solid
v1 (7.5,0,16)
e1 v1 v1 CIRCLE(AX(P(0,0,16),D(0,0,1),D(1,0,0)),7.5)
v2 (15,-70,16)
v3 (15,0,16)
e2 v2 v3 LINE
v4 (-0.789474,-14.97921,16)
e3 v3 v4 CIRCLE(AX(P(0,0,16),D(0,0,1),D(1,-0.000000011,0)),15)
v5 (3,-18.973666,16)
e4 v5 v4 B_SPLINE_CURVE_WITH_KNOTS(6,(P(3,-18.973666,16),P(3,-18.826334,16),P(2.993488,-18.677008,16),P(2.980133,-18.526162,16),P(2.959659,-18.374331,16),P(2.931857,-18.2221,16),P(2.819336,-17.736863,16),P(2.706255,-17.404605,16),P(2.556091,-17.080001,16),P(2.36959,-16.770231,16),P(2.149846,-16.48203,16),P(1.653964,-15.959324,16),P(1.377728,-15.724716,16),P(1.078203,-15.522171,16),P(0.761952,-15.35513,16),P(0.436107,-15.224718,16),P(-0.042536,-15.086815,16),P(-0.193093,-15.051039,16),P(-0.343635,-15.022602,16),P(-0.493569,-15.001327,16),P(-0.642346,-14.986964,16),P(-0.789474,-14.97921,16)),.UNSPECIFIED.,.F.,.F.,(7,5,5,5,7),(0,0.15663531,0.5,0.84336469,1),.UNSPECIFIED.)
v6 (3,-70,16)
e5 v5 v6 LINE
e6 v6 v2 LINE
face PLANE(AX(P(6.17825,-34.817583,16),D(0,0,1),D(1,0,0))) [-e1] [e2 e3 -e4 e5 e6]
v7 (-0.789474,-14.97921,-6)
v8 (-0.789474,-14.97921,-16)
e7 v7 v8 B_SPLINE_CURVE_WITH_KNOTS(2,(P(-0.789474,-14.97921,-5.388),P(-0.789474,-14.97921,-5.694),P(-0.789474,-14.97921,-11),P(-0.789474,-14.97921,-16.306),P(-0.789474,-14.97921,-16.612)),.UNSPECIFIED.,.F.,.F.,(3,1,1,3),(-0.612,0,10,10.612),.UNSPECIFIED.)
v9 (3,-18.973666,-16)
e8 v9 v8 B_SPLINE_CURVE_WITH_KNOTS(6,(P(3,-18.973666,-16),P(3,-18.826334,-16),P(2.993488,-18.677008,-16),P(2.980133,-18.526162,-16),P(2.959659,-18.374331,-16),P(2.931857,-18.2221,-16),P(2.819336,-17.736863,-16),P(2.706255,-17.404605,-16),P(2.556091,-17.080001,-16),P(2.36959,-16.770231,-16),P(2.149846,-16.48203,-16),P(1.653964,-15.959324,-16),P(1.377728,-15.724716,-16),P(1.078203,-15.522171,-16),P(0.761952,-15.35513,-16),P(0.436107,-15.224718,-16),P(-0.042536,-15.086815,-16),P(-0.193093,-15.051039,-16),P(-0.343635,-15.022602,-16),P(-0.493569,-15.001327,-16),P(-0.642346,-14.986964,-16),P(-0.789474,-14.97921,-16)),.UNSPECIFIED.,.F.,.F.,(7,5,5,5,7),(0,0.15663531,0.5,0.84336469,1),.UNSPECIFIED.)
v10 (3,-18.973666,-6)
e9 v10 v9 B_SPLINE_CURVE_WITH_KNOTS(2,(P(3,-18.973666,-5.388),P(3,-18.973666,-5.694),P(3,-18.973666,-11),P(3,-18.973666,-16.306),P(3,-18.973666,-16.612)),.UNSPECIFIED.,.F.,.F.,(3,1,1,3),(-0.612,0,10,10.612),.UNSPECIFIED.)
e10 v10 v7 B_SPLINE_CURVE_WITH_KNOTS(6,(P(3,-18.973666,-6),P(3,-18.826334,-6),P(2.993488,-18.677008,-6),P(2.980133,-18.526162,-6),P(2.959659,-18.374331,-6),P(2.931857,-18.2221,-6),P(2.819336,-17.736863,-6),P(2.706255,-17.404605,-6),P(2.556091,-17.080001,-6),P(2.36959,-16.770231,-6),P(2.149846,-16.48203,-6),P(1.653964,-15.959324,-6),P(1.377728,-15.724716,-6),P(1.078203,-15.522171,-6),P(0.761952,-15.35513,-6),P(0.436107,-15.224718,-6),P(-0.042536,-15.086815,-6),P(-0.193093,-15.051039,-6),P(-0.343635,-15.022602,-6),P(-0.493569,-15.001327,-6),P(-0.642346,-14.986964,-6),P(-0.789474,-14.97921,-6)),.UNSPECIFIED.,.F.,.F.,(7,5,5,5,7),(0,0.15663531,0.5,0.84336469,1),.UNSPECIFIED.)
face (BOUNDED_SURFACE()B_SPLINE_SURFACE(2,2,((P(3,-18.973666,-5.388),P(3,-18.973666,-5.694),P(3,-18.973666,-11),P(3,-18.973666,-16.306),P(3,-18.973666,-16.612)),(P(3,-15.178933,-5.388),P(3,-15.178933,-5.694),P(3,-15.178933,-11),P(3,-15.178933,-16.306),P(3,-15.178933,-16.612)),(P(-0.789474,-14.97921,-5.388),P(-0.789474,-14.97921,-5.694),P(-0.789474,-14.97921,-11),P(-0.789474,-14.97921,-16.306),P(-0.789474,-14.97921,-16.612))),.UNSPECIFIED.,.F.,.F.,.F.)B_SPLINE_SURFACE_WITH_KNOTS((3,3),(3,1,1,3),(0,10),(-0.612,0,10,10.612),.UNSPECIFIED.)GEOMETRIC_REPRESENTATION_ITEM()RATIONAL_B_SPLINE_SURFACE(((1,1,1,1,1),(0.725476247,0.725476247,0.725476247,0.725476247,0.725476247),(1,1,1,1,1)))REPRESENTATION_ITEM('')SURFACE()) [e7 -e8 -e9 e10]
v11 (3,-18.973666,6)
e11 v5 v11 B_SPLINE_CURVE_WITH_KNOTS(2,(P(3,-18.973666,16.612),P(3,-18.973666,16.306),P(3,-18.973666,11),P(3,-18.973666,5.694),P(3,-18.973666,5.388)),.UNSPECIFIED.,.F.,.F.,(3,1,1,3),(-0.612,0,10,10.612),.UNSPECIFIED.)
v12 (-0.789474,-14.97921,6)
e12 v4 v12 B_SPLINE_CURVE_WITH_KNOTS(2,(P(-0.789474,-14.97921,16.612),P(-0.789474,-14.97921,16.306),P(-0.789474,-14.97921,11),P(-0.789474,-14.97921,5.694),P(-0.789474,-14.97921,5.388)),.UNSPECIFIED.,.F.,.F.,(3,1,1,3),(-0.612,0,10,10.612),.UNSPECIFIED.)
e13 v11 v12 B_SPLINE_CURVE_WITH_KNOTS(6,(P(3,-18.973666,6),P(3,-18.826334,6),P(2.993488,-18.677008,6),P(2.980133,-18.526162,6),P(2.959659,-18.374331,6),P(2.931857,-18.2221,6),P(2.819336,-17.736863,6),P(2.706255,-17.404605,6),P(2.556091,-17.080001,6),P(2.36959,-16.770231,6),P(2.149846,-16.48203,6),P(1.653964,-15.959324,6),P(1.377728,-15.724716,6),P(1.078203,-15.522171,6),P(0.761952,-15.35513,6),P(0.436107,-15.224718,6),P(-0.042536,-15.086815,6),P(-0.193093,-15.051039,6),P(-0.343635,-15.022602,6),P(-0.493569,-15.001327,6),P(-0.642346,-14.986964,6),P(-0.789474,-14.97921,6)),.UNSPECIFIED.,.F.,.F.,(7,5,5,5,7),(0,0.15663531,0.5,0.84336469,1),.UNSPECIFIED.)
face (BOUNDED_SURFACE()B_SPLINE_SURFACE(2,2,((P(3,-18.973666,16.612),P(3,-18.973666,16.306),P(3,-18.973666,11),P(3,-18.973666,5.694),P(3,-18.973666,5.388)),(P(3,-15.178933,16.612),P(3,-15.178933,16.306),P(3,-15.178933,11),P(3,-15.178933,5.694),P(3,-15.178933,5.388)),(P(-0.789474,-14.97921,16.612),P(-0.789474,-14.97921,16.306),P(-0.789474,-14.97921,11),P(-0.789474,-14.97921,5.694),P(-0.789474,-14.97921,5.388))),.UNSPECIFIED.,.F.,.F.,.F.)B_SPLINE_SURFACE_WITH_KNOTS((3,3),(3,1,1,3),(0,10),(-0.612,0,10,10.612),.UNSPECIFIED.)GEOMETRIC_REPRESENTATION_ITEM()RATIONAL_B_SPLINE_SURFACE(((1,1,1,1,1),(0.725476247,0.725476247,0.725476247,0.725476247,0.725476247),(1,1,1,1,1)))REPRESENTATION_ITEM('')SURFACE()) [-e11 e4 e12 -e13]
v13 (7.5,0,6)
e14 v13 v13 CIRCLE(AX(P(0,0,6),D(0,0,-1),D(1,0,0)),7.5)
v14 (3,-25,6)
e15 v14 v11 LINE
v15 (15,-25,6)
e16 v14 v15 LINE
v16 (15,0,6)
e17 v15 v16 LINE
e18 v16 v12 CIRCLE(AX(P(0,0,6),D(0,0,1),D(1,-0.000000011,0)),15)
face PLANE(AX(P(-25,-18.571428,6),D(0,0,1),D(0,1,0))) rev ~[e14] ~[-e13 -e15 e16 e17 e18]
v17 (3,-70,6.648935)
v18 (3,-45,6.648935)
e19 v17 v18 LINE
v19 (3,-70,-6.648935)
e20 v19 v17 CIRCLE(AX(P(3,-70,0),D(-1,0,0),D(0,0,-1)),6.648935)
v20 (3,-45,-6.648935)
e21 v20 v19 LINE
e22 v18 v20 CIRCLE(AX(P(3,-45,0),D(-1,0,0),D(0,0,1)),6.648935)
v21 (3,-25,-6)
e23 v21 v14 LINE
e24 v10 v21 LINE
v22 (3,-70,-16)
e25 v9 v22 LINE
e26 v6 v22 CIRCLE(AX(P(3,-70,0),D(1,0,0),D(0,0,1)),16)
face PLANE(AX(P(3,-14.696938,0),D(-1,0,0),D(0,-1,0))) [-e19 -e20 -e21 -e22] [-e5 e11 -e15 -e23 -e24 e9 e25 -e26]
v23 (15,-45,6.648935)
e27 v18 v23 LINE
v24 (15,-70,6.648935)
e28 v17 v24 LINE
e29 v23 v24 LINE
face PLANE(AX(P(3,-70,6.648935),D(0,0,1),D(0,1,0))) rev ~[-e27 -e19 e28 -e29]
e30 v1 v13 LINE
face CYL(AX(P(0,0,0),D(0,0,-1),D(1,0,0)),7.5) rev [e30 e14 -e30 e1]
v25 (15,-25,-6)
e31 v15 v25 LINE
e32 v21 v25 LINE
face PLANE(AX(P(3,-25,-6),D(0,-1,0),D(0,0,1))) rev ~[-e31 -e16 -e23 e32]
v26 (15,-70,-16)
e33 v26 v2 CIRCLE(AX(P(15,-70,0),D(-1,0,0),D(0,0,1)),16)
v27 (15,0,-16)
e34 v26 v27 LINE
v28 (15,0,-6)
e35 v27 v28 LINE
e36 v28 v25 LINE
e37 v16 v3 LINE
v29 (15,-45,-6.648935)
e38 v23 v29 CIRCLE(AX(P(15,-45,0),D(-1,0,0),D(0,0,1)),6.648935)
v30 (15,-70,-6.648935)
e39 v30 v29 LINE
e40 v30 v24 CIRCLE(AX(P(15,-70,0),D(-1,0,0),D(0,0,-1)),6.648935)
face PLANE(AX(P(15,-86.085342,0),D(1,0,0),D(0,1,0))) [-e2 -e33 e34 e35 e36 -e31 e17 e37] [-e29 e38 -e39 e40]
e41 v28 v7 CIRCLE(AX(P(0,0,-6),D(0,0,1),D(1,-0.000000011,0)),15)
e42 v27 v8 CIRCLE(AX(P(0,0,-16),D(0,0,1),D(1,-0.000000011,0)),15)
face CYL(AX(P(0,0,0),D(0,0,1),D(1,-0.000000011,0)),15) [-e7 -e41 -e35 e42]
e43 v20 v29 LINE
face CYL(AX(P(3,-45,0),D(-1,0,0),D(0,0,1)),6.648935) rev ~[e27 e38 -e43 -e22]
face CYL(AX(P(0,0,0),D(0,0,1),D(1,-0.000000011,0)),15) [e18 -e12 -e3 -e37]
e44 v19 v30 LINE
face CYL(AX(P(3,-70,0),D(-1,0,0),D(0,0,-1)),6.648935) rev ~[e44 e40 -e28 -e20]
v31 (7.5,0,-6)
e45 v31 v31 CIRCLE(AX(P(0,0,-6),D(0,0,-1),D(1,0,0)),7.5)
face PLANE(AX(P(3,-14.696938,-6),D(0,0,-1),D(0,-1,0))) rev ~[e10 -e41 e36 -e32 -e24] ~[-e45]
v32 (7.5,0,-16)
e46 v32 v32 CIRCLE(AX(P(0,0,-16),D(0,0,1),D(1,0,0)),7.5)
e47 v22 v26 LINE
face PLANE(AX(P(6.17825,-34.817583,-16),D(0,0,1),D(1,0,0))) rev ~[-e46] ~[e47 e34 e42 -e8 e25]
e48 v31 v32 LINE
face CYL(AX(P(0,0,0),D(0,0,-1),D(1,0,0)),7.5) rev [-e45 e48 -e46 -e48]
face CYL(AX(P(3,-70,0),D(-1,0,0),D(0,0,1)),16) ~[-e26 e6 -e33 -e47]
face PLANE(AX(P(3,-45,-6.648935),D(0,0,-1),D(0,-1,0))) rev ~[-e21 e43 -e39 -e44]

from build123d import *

# Parameters (mm, degrees)
F0_R     = 7.5
F1_DEPTH = 16
F3_W     = 10.303062
F3_H     = 12
F4_DEPTH = 12.001
F5_W     = 37.142856
F5_H     = 12
F6_DEPTH = 40.001
F7_R     = 4


with BuildPart() as f1:
    # F0 (on Top) → F1 (new body, symmetric)
    with BuildSketch(Plane.XY):
        with BuildLine():
            Line((15, -86.085342), (15, 0))
            ThreePointArc((15, 0), (-10.606602, 10.606602), (0, -15))
            ThreePointArc((0, -15), (1.507634, -14.924042), (3, -14.696938))
            Line((3, -14.696938), (3, -86.085342))
            Line((3, -86.085342), (15, -86.085342))
        make_face()
        Circle(F0_R, mode=Mode.SUBTRACT)
    extrude(amount=F1_DEPTH, both=True)

    # F3 (on face) → F4 (cut, through all)
    with BuildSketch(Plane(origin=(3, 0, 0), x_dir=(0, -1, 0), z_dir=(-1, 0, 0))):
        with BuildLine():
            ThreePointArc((70, 16), (86, 0), (70, -16))
            Line((70, -16), (86.085342, -16))
            Line((86.085342, -16), (86.085342, 16))
            Line((86.085342, 16), (70, 16))
        make_face()
        with BuildLine():
            ThreePointArc((45, 6.648935), (38.351065, 0), (45, -6.648935))
            Line((45, -6.648935), (70, -6.648935))
            ThreePointArc((70, -6.648935), (76.648935, 0), (70, 6.648935))
            Line((70, 6.648935), (45, 6.648935))
        make_face()
        with Locations((19.848469, 0)):
            Rectangle(F3_W, F3_H)
    extrude(amount=-F4_DEPTH, mode=Mode.SUBTRACT)

    # F5 (on offset) → F6 (cut, through all)
    with BuildSketch(Plane.YZ.offset(-25)):
        Rectangle(F5_W, F5_H)
    extrude(amount=F6_DEPTH, mode=Mode.SUBTRACT)

    # F7
    f7_edges = [f1.edges().sort_by_distance(p)[0] for p in [
        (3, -14.696938, -11),
        (3, -14.696938, 11),
    ]]
    fillet(f7_edges, radius=F7_R)


solid = f1.part
